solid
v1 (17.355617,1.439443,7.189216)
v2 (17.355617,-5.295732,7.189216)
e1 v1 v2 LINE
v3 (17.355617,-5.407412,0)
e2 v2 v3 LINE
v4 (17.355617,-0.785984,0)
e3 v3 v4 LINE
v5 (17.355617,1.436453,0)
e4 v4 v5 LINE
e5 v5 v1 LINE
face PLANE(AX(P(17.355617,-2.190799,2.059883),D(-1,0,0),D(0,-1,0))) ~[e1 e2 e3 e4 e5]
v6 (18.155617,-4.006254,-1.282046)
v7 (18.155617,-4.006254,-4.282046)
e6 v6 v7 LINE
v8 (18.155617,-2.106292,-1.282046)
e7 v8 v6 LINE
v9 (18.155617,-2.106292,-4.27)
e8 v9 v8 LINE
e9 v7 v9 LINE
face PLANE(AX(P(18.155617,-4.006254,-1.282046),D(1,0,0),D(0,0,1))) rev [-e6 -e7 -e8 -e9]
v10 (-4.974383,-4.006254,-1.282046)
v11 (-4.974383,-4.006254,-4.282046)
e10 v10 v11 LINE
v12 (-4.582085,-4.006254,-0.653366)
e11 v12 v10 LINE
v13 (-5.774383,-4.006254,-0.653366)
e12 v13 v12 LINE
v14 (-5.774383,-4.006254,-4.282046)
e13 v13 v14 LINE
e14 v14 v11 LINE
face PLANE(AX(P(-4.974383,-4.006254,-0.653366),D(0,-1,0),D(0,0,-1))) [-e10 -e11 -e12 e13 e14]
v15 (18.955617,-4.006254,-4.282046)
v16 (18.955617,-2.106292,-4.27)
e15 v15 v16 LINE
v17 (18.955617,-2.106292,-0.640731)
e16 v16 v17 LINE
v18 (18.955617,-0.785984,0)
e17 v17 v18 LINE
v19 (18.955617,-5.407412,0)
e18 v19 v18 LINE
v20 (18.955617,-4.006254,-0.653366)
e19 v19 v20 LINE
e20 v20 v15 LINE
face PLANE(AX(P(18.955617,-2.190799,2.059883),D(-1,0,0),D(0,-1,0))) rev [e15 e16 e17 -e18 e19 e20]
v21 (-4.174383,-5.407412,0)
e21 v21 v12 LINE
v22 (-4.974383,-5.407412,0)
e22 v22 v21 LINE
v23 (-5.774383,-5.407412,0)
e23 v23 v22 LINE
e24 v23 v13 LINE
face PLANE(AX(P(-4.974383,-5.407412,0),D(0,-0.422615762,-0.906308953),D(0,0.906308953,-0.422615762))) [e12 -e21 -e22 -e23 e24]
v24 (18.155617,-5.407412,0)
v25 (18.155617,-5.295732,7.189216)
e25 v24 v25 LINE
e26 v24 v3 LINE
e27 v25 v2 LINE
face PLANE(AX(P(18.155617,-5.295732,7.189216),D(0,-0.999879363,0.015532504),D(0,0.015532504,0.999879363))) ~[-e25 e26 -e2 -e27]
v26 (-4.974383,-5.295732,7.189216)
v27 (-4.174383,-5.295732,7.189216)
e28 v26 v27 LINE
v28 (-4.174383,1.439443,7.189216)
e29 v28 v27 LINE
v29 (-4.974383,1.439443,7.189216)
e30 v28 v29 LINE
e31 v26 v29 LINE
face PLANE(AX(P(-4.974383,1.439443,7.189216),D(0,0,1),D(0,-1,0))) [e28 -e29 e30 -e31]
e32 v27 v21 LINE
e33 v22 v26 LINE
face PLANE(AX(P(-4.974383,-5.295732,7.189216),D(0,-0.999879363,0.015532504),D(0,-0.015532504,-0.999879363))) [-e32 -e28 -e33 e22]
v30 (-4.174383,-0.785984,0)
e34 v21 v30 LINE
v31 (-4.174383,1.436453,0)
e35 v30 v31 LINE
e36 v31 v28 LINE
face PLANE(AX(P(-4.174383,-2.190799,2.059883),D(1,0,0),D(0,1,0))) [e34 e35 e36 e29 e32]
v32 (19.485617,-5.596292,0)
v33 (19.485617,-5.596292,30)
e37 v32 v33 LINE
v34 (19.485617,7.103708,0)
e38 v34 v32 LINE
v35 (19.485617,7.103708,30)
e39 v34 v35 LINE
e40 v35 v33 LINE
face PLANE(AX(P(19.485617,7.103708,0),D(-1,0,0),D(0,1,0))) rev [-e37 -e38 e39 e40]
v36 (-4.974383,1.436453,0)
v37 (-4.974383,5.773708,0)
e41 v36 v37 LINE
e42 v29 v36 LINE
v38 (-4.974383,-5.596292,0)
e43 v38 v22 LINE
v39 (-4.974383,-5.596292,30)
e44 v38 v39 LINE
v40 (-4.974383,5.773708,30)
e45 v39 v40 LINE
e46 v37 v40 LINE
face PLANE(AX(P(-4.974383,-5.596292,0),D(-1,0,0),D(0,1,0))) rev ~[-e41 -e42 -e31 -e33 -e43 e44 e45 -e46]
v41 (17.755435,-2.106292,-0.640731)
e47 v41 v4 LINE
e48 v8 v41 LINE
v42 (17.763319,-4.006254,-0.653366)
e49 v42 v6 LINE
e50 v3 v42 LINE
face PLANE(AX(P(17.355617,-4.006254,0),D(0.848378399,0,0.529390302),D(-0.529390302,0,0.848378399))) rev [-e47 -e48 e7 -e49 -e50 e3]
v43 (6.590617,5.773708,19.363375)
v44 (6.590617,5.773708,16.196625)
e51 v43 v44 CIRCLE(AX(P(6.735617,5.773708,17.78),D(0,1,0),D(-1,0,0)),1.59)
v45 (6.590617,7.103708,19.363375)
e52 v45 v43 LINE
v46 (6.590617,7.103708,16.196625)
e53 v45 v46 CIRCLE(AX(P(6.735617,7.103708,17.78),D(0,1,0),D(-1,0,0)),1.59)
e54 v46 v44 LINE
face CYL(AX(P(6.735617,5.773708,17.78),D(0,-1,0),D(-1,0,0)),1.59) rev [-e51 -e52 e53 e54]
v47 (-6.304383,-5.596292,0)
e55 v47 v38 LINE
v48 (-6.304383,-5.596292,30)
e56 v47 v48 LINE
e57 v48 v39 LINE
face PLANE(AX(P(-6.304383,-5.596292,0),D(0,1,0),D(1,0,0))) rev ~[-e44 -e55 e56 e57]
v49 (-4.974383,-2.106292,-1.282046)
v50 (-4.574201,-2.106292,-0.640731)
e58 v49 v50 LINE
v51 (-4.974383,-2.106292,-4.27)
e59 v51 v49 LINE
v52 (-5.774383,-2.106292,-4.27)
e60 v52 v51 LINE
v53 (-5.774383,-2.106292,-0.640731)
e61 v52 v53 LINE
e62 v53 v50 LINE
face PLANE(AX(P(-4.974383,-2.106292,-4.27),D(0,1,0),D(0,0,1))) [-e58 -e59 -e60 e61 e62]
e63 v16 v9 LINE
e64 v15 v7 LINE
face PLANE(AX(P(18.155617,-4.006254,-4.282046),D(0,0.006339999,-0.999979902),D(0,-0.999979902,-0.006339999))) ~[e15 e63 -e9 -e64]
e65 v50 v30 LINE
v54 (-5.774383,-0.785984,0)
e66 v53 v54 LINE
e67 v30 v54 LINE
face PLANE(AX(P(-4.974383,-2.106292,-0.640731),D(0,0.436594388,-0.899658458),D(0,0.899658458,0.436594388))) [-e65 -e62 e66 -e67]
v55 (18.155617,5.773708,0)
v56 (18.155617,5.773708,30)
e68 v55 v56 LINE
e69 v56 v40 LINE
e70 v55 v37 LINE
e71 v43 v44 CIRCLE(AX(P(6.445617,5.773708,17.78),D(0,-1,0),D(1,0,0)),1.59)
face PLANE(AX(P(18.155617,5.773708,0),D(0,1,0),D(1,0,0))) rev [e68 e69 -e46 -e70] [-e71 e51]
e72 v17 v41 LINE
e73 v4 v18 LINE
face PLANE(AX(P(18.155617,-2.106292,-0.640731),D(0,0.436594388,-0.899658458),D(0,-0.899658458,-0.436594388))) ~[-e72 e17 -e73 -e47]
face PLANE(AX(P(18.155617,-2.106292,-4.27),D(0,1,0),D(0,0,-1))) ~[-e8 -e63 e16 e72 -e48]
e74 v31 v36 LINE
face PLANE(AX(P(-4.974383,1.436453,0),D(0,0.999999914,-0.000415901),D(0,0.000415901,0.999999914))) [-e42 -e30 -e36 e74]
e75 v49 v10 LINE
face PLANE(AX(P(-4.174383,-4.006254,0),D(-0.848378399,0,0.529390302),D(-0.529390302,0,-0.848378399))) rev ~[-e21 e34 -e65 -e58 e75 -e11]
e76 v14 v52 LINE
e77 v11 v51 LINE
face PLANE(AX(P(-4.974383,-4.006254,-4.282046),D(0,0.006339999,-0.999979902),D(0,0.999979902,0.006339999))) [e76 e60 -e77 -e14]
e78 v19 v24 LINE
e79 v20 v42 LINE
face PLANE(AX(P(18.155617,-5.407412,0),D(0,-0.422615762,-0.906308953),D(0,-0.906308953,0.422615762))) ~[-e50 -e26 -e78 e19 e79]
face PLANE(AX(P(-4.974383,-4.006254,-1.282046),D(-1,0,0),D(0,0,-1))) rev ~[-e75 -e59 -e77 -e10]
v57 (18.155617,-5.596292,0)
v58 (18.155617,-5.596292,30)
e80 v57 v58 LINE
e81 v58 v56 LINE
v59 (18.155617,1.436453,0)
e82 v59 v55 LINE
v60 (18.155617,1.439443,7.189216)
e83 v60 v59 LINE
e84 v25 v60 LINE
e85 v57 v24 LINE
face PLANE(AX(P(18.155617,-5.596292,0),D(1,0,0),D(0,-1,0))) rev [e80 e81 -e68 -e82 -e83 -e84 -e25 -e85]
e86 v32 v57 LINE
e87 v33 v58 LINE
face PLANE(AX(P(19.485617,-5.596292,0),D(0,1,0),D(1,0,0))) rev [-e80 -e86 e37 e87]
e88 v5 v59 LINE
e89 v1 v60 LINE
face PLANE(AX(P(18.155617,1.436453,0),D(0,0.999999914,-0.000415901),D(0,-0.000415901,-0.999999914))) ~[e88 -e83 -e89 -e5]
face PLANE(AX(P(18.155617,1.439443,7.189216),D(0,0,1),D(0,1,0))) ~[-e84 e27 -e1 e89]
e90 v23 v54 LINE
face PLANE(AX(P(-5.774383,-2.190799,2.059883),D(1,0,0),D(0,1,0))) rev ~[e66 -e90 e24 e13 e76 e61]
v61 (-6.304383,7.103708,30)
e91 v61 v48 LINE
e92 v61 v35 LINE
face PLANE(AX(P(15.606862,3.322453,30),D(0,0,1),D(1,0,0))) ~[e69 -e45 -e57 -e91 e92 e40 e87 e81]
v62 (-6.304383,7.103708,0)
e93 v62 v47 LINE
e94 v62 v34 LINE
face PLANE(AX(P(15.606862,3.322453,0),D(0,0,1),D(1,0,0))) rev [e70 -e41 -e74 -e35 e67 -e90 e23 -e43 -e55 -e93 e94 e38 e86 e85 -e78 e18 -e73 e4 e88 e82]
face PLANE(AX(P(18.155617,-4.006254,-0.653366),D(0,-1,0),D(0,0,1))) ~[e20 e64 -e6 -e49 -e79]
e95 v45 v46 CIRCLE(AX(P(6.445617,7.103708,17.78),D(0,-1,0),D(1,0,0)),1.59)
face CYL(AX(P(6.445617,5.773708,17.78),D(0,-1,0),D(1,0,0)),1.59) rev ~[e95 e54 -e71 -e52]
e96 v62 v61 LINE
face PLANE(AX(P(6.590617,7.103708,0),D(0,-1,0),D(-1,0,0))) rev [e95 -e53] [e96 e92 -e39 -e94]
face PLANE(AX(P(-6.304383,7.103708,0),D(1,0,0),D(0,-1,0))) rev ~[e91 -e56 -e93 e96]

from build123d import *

# Parameters (mm, degrees)
F1_DEPTH = 30
F2_R     = 1.59
F3_DEPTH = 1.331
F5_DEPTH = 0.8
F7_DEPTH = 500


with BuildPart() as f1:
    # F0 (on Top) → F1 (new body)
    with BuildSketch(Plane.XY):
        Polygon((-6.304383, 7.103708), (-6.304383, -5.596292), (-4.974383, -5.596292), (-4.974383, 5.773708), (6.590617, 5.773708), (6.590617, 7.103708), align=None)
    extrude(amount=F1_DEPTH)

    # F2 (on face) → F3 (cut, through all)
    with BuildSketch(Plane.XZ.offset(-5.773708)):
        with Locations((6.445617, 17.78)):
            Circle(F2_R)
    extrude(amount=-F3_DEPTH, mode=Mode.SUBTRACT)

    # F4 (on face) → F5 (join, symmetric)
    with BuildSketch(Plane.YZ.offset(-4.974383)):
        Polygon((1.439443, 7.189216), (-5.295732, 7.189216), (-5.407412, 0), (-4.006254, -0.653366), (-4.006254, -4.282046), (-2.106292, -4.27), (-2.106292, -0.640731), (-0.785984, 0), (1.436453, 0), align=None)
    extrude(amount=F5_DEPTH, both=True)

    # F6 (on face) → F7 (cut, symmetric)
    with BuildSketch(Plane.XZ.offset(4.006254)):
        Polygon((-4.174383, 0), (-4.974383, -1.282046), (-4.974383, -4.282046), (-4.174383, -4.282046), align=None)
    extrude(amount=F7_DEPTH, both=True, mode=Mode.SUBTRACT)

    # F8: F1 across face


with BuildPart() as f1_1:
    add(f1.part)
    add(f1.part.mirror(Plane(origin=(6.590617, 6.438708, 8.098313), x_dir=(0, 1, 0), z_dir=(1, 0, 0))))


solid = f1_1.part
